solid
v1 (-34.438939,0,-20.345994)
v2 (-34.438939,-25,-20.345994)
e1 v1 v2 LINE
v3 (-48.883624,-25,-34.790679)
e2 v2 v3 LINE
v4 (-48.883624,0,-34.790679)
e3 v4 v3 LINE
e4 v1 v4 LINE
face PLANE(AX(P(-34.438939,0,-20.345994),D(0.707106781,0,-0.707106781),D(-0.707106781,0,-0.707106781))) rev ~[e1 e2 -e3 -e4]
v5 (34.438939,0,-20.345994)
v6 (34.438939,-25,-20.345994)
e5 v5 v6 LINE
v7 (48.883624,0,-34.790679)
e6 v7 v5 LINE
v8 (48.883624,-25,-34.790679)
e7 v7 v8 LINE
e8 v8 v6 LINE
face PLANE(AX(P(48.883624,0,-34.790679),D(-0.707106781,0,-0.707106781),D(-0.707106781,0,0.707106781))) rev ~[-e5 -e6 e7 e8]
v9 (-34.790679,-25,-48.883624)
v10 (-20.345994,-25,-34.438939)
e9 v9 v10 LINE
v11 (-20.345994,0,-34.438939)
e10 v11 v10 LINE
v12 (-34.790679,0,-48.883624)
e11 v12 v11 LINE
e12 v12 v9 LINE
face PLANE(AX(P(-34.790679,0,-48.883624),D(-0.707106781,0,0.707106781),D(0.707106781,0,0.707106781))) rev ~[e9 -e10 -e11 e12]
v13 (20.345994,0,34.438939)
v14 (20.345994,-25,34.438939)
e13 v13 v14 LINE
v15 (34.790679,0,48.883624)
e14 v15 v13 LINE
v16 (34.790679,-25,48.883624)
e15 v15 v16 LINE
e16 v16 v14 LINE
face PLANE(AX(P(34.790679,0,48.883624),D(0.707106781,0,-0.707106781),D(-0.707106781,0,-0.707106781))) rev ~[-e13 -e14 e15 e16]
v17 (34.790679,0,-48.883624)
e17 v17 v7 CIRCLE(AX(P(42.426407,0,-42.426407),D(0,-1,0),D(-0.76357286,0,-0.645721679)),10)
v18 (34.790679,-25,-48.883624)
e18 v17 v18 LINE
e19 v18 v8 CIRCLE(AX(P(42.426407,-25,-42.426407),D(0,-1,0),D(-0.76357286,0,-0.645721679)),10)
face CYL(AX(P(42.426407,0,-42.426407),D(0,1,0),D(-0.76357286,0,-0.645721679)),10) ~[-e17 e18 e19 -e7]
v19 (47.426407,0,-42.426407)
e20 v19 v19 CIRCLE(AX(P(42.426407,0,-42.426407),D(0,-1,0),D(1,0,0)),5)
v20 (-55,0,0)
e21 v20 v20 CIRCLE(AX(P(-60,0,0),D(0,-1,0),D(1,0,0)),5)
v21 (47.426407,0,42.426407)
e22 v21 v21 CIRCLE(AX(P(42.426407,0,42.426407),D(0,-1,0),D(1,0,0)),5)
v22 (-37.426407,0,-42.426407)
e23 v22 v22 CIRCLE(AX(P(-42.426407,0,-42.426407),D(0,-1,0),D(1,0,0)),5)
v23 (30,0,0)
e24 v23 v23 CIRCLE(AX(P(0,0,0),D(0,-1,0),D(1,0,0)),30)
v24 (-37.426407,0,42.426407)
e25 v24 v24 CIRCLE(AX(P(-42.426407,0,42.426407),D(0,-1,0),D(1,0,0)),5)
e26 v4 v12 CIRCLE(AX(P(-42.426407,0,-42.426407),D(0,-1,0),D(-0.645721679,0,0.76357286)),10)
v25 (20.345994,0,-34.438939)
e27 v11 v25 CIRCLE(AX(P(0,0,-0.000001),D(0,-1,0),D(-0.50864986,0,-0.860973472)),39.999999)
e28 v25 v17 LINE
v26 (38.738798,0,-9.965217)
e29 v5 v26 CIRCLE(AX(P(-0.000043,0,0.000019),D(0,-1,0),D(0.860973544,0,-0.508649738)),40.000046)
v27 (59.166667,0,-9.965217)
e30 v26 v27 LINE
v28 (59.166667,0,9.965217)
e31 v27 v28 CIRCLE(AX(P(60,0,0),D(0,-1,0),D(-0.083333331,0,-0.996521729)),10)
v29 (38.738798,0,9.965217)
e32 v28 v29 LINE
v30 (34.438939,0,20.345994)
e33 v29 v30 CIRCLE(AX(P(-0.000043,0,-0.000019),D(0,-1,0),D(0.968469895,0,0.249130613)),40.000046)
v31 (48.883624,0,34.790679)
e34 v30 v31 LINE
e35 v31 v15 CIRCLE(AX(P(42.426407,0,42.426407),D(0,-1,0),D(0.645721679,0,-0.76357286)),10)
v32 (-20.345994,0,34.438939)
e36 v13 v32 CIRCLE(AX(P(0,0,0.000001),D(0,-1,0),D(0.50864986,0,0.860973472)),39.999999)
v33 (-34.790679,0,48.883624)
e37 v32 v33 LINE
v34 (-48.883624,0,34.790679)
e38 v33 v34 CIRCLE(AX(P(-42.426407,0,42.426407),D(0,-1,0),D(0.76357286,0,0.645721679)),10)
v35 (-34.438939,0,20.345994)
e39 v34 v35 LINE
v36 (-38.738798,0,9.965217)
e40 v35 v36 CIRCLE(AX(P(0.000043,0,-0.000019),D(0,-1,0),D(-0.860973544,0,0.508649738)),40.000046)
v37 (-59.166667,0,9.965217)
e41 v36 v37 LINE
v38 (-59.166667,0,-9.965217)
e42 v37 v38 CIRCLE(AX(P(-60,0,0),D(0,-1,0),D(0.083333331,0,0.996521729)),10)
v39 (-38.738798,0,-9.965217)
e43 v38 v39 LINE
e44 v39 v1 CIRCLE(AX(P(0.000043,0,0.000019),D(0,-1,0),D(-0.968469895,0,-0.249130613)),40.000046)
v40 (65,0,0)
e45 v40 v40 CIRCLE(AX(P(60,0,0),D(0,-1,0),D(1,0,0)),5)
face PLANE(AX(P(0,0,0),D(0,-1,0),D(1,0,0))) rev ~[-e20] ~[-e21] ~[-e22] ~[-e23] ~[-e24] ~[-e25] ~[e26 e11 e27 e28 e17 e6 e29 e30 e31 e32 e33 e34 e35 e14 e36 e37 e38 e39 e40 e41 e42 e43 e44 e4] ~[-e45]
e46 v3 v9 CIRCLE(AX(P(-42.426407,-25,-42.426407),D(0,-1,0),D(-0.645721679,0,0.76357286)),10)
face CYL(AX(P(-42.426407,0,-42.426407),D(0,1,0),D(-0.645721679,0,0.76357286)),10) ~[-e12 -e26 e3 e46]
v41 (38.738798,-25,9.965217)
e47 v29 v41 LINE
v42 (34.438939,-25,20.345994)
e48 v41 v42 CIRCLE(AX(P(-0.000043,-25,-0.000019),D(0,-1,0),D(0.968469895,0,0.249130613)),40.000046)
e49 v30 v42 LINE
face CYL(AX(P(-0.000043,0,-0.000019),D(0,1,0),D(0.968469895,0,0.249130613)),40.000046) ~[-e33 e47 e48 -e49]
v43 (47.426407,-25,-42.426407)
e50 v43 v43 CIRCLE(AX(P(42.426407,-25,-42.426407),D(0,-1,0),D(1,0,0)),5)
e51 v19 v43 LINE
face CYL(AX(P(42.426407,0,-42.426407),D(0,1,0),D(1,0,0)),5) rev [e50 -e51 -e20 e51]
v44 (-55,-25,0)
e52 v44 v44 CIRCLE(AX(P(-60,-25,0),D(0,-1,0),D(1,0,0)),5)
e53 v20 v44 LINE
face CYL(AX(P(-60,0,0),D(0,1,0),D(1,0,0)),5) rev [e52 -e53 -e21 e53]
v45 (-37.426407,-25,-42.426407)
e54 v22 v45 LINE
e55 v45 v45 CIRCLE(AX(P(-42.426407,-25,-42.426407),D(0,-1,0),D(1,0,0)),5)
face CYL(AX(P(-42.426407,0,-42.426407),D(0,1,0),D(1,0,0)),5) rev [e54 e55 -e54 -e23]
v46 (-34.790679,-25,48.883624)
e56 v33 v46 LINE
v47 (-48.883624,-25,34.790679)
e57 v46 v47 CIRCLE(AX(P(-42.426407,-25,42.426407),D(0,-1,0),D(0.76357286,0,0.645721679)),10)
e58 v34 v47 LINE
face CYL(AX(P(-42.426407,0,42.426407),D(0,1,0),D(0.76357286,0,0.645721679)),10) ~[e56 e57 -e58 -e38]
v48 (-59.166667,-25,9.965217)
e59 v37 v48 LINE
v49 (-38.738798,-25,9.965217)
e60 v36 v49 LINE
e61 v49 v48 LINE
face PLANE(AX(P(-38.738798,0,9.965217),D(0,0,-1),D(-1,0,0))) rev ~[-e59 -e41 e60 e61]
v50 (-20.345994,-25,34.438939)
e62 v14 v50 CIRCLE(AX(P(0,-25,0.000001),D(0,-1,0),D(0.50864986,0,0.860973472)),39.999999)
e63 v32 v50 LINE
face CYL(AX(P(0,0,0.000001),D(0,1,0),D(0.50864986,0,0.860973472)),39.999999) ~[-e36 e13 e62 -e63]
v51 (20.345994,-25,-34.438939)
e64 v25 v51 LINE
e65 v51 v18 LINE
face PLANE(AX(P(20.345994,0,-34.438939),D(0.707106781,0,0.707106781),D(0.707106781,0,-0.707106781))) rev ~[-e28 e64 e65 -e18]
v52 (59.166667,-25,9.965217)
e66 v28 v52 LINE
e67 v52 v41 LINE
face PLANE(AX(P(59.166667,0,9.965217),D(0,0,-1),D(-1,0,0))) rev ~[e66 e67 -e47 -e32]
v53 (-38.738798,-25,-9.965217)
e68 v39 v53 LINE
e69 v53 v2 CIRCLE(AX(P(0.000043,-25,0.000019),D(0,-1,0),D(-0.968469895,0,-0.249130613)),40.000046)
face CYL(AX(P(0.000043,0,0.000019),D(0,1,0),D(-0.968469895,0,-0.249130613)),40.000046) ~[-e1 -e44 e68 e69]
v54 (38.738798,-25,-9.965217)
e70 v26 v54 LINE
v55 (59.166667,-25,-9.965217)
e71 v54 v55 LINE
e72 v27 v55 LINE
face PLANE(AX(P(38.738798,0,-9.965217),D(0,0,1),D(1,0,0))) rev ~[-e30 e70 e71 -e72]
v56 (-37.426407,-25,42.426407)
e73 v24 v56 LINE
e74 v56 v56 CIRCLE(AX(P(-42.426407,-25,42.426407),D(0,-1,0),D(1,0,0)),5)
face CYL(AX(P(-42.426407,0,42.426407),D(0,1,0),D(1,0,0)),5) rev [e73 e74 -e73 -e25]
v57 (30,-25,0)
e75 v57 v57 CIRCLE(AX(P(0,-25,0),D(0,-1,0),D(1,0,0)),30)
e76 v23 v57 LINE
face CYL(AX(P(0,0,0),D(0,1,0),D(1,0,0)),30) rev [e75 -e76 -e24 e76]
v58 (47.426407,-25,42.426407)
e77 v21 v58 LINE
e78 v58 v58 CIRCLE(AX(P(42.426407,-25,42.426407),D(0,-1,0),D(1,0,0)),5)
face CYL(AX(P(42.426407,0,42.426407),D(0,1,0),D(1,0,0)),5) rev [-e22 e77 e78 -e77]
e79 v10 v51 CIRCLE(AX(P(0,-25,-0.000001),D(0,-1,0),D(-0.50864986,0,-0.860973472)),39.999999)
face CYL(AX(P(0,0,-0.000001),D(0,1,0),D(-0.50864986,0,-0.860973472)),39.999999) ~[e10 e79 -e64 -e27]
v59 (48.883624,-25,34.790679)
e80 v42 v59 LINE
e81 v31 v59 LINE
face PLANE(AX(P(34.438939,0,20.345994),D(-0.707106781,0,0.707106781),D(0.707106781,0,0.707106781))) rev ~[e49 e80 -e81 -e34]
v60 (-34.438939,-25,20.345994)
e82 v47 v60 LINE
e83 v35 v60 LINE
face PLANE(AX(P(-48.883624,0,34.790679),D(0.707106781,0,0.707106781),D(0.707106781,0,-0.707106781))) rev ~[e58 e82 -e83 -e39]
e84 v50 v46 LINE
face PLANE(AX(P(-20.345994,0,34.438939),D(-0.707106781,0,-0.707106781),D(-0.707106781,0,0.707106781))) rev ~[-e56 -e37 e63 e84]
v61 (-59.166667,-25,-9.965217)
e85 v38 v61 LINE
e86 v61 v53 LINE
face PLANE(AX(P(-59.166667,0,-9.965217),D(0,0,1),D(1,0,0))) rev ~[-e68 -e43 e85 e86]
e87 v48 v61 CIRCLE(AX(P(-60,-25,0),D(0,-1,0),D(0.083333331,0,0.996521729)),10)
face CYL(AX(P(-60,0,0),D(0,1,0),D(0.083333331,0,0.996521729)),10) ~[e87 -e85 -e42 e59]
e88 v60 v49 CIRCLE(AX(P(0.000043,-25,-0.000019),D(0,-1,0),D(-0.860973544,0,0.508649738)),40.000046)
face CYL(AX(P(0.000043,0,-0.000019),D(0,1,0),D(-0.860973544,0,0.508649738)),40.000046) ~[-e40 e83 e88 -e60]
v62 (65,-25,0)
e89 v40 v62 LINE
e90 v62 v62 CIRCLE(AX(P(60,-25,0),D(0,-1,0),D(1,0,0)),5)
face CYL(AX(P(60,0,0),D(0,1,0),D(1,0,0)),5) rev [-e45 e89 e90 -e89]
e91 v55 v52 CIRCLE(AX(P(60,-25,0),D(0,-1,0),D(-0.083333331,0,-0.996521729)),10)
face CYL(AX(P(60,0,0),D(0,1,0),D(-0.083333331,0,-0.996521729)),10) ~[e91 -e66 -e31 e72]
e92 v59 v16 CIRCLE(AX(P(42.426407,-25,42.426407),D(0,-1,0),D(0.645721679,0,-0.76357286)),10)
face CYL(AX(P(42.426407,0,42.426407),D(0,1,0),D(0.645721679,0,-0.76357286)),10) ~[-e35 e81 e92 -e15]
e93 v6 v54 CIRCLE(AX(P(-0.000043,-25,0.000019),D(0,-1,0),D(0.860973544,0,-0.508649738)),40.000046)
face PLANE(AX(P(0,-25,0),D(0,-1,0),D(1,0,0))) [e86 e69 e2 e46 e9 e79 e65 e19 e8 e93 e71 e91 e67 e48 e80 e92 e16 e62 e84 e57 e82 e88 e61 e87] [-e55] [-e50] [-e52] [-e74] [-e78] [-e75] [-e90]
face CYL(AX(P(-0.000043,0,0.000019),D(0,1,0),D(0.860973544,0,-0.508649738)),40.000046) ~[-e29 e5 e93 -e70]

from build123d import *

# Parameters (mm, degrees)
F0_R     = 5
F0_R_2   = 30
F1_DEPTH = 25


with BuildPart() as f1:
    # F0 (on Front) → F1 (new body)
    with BuildSketch(Plane.XZ):
        with BuildLine():
            Line((59.166667, 9.965217), (38.738798, 9.965217))
            ThreePointArc((38.738798, 9.965217), (36.955181, 15.307337), (34.438939, 20.345994))
            Line((34.438939, 20.345994), (48.883624, 34.790679))
            ThreePointArc((48.883624, 34.790679), (49.497475, 49.497475), (34.790679, 48.883624))
            Line((34.790679, 48.883624), (20.345994, 34.438939))
            ThreePointArc((20.345994, 34.438939), (0, 40), (-20.345994, 34.438939))
            Line((-20.345994, 34.438939), (-34.790679, 48.883624))
            ThreePointArc((-34.790679, 48.883624), (-49.497475, 49.497475), (-48.883624, 34.790679))
            Line((-48.883624, 34.790679), (-34.438939, 20.345994))
            ThreePointArc((-34.438939, 20.345994), (-36.955181, 15.307337), (-38.738798, 9.965217))
            Line((-38.738798, 9.965217), (-59.166667, 9.965217))
            ThreePointArc((-59.166667, 9.965217), (-70, 0), (-59.166667, -9.965217))
            Line((-59.166667, -9.965217), (-38.738798, -9.965217))
            ThreePointArc((-38.738798, -9.965217), (-36.955181, -15.307337), (-34.438939, -20.345994))
            Line((-34.438939, -20.345994), (-48.883624, -34.790679))
            ThreePointArc((-48.883624, -34.790679), (-49.497475, -49.497475), (-34.790679, -48.883624))
            Line((-34.790679, -48.883624), (-20.345994, -34.438939))
            ThreePointArc((-20.345994, -34.438939), (0, -40), (20.345994, -34.438939))
            Line((20.345994, -34.438939), (34.790679, -48.883624))
            ThreePointArc((34.790679, -48.883624), (49.497475, -49.497475), (48.883624, -34.790679))
            Line((48.883624, -34.790679), (34.438939, -20.345994))
            ThreePointArc((34.438939, -20.345994), (36.955181, -15.307337), (38.738798, -9.965217))
            Line((38.738798, -9.965217), (59.166667, -9.965217))
            ThreePointArc((59.166667, -9.965217), (70, 0), (59.166667, 9.965217))
        make_face()
        with Locations((-42.426407, -42.426407)):
            Circle(F0_R, mode=Mode.SUBTRACT)
        with Locations((42.426407, -42.426407)):
            Circle(F0_R, mode=Mode.SUBTRACT)
        with Locations((-60, 0)):
            Circle(F0_R, mode=Mode.SUBTRACT)
        with Locations((-42.426407, 42.426407)):
            Circle(F0_R, mode=Mode.SUBTRACT)
        Circle(F0_R_2, mode=Mode.SUBTRACT)
        with Locations((60, 0)):
            Circle(F0_R, mode=Mode.SUBTRACT)
        with Locations((42.426407, 42.426407)):
            Circle(F0_R, mode=Mode.SUBTRACT)
    extrude(amount=F1_DEPTH)


solid = f1.part
